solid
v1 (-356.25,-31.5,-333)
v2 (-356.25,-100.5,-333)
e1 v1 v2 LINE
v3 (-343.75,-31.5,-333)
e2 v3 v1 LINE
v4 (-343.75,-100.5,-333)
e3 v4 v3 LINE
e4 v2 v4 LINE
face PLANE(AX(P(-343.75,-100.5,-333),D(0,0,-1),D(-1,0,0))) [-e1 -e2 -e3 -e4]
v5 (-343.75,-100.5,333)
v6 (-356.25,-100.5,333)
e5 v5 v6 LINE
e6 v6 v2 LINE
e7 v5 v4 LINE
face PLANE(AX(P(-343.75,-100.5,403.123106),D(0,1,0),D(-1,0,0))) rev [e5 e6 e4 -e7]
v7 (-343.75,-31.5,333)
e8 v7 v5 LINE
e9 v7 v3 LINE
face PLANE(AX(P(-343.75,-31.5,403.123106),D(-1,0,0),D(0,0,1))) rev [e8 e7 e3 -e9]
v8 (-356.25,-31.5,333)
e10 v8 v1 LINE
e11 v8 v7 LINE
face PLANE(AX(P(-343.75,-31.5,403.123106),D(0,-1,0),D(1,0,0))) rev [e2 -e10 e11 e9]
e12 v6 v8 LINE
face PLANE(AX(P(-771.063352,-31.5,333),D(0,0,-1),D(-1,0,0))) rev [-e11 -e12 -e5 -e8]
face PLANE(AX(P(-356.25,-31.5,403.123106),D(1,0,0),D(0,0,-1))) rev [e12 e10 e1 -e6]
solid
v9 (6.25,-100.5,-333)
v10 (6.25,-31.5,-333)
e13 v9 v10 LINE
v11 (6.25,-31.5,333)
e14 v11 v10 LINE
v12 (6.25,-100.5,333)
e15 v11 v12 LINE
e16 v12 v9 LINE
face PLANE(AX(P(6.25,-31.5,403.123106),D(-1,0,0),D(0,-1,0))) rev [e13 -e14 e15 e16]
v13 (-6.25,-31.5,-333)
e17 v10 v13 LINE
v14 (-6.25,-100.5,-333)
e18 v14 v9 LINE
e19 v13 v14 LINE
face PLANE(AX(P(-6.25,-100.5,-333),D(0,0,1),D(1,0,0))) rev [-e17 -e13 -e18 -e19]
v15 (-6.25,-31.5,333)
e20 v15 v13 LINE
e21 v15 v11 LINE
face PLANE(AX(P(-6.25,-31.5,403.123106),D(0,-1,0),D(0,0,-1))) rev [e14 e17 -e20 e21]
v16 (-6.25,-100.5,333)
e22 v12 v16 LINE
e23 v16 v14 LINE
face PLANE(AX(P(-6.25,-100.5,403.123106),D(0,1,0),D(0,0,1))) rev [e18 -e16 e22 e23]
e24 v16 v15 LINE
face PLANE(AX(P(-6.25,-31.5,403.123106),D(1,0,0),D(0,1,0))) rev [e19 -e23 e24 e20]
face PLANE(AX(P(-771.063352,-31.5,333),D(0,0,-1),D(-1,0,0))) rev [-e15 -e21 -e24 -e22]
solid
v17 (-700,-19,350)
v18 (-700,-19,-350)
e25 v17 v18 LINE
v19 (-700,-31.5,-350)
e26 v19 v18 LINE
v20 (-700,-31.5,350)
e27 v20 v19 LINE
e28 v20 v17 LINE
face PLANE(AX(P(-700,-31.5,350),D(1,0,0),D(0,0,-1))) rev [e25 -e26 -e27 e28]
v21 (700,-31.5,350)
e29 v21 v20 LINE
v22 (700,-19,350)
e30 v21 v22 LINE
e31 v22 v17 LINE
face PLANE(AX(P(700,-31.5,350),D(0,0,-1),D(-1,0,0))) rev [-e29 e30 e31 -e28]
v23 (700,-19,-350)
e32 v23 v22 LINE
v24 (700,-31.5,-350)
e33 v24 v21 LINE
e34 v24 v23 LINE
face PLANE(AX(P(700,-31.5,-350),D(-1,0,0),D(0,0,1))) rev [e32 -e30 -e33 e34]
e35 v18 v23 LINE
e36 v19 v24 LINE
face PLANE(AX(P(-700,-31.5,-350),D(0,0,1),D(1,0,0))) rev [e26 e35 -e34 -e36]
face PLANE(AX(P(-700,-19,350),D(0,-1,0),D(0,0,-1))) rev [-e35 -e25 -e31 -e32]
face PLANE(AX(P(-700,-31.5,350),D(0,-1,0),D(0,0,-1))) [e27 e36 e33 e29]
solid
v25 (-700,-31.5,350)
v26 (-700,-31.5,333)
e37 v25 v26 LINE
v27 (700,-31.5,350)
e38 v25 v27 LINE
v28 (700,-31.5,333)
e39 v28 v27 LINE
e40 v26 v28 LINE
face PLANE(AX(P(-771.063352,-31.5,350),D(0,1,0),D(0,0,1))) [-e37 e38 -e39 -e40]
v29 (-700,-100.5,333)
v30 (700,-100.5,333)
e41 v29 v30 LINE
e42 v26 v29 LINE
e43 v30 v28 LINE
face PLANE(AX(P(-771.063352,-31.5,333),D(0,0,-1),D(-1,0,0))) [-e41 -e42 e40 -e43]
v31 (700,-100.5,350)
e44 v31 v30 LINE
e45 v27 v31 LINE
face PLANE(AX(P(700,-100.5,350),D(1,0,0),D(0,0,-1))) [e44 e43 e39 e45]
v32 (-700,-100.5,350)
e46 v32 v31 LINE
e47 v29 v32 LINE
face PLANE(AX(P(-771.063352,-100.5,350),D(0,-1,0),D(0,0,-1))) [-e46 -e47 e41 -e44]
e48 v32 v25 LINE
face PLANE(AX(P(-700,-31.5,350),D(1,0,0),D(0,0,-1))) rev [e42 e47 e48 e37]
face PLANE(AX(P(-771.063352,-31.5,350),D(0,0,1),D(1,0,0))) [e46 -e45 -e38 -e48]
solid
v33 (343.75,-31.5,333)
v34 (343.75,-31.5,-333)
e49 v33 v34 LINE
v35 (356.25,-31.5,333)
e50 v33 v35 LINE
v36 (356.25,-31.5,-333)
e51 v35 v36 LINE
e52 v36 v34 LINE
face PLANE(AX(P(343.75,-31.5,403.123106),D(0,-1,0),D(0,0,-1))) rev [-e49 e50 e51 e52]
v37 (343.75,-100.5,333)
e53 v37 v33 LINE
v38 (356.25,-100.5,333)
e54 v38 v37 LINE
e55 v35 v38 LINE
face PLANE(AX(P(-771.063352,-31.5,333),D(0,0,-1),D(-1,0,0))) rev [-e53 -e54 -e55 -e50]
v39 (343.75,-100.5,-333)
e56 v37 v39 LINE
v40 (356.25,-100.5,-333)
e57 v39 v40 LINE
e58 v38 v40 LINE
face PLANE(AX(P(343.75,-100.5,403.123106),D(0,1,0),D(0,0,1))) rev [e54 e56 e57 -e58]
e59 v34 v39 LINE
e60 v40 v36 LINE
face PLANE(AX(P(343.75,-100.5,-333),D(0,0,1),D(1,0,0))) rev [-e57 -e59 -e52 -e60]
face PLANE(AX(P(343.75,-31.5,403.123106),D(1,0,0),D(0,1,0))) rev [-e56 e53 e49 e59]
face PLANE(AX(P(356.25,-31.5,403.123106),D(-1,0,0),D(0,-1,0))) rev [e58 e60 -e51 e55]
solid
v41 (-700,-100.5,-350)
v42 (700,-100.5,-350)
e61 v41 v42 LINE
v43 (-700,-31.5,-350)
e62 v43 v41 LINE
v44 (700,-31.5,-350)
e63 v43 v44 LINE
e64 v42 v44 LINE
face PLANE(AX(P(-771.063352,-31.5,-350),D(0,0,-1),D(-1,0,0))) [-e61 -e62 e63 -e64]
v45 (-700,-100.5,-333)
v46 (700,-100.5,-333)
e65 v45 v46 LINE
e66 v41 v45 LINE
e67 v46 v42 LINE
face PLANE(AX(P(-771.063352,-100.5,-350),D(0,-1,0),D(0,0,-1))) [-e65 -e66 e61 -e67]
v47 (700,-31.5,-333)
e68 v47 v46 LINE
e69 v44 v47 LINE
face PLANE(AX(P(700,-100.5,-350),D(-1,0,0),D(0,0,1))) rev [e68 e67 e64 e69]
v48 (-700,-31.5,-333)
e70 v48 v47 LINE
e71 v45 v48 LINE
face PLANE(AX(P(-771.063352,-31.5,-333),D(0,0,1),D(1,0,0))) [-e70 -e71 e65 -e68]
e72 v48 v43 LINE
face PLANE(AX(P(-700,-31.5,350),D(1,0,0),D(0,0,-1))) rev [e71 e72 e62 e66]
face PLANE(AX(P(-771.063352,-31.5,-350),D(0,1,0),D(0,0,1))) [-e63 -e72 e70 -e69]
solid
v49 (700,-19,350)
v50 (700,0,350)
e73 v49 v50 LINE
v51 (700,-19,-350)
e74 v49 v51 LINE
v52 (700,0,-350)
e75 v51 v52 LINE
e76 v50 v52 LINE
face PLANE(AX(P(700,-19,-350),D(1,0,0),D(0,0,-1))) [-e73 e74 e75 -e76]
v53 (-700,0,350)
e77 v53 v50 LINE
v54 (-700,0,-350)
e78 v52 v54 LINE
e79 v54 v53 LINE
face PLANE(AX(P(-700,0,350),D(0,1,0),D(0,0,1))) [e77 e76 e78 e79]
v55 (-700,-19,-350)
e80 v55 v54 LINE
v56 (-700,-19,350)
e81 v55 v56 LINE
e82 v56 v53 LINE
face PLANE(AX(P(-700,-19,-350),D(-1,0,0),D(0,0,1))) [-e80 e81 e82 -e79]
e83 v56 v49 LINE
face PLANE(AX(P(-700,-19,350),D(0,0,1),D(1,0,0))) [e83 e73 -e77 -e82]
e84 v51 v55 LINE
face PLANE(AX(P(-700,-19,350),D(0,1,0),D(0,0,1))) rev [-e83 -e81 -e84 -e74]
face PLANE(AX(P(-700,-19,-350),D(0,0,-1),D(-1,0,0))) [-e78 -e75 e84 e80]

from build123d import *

# Parameters (mm, degrees)
SKETCH1_W             = 1400
SKETCH1_H             = 700
BOSS_EXTRUDE1_DEPTH   = 19
SKETCH2_W             = 1400
SKETCH2_H             = 700
BOSS_EXTRUDE2_DEPTH   = 12.5
SKETCH3_W             = 17
SKETCH3_H             = 69
BOSS_EXTRUDE3_DEPTH   = 1400
BOSS_EXTRUDE3_2_DEPTH = 1400
SKETCH4_W             = 12.5
SKETCH4_H             = 69
BOSS_EXTRUDE4_DEPTH   = 666
BOSS_EXTRUDE4_2_DEPTH = 666
BOSS_EXTRUDE4_3_DEPTH = 666


with BuildPart() as part:
    # Sketch1 → Boss-Extrude1 (new body)
    with BuildSketch(Plane(origin=(0, 0, 0), x_dir=(1, 0, 0), z_dir=(0, 1, 0))):
        Rectangle(SKETCH1_W, SKETCH1_H)
    extrude(amount=-BOSS_EXTRUDE1_DEPTH)


with BuildPart() as body_2:
    # Sketch2 → Boss-Extrude2 (new body)
    with BuildSketch(Plane.XZ.offset(19)):
        Rectangle(SKETCH2_W, SKETCH2_H)
    extrude(amount=BOSS_EXTRUDE2_DEPTH)


with BuildPart() as body_3:
    # Sketch3 → Boss-Extrude3 (new body)
    with BuildSketch(Plane(origin=(700, 0, 0), x_dir=(0, 0, -1), z_dir=(1, 0, 0))):
        with Locations((-341.5, -66)):
            Rectangle(SKETCH3_W, SKETCH3_H)
    extrude(amount=-BOSS_EXTRUDE3_DEPTH)


with BuildPart() as body_4:
    # Sketch3 → Boss-Extrude3 2 (new body)
    with BuildSketch(Plane(origin=(700, 0, 0), x_dir=(0, 0, -1), z_dir=(1, 0, 0))):
        with Locations((341.5, -66)):
            Rectangle(SKETCH3_W, SKETCH3_H)
    extrude(amount=-BOSS_EXTRUDE3_2_DEPTH)


with BuildPart() as body_5:
    # Sketch4 → Boss-Extrude4 (new body)
    with BuildSketch(Plane.XY.offset(-333)):
        with Locations((0, -66)):
            Rectangle(SKETCH4_W, SKETCH4_H)
    extrude(amount=BOSS_EXTRUDE4_DEPTH)


with BuildPart() as body_6:
    # Sketch4 → Boss-Extrude4 2 (new body)
    with BuildSketch(Plane.XY.offset(-333)):
        with Locations((350, -66)):
            Rectangle(SKETCH4_W, SKETCH4_H)
    extrude(amount=BOSS_EXTRUDE4_2_DEPTH)


with BuildPart() as body_7:
    # Sketch4 → Boss-Extrude4 3 (new body)
    with BuildSketch(Plane.XY.offset(-333)):
        with Locations((-350, -66)):
            Rectangle(SKETCH4_W, SKETCH4_H)
    extrude(amount=BOSS_EXTRUDE4_3_DEPTH)


solid = Compound([part.part, body_2.part, body_3.part, body_4.part, body_5.part, body_6.part, body_7.part])
